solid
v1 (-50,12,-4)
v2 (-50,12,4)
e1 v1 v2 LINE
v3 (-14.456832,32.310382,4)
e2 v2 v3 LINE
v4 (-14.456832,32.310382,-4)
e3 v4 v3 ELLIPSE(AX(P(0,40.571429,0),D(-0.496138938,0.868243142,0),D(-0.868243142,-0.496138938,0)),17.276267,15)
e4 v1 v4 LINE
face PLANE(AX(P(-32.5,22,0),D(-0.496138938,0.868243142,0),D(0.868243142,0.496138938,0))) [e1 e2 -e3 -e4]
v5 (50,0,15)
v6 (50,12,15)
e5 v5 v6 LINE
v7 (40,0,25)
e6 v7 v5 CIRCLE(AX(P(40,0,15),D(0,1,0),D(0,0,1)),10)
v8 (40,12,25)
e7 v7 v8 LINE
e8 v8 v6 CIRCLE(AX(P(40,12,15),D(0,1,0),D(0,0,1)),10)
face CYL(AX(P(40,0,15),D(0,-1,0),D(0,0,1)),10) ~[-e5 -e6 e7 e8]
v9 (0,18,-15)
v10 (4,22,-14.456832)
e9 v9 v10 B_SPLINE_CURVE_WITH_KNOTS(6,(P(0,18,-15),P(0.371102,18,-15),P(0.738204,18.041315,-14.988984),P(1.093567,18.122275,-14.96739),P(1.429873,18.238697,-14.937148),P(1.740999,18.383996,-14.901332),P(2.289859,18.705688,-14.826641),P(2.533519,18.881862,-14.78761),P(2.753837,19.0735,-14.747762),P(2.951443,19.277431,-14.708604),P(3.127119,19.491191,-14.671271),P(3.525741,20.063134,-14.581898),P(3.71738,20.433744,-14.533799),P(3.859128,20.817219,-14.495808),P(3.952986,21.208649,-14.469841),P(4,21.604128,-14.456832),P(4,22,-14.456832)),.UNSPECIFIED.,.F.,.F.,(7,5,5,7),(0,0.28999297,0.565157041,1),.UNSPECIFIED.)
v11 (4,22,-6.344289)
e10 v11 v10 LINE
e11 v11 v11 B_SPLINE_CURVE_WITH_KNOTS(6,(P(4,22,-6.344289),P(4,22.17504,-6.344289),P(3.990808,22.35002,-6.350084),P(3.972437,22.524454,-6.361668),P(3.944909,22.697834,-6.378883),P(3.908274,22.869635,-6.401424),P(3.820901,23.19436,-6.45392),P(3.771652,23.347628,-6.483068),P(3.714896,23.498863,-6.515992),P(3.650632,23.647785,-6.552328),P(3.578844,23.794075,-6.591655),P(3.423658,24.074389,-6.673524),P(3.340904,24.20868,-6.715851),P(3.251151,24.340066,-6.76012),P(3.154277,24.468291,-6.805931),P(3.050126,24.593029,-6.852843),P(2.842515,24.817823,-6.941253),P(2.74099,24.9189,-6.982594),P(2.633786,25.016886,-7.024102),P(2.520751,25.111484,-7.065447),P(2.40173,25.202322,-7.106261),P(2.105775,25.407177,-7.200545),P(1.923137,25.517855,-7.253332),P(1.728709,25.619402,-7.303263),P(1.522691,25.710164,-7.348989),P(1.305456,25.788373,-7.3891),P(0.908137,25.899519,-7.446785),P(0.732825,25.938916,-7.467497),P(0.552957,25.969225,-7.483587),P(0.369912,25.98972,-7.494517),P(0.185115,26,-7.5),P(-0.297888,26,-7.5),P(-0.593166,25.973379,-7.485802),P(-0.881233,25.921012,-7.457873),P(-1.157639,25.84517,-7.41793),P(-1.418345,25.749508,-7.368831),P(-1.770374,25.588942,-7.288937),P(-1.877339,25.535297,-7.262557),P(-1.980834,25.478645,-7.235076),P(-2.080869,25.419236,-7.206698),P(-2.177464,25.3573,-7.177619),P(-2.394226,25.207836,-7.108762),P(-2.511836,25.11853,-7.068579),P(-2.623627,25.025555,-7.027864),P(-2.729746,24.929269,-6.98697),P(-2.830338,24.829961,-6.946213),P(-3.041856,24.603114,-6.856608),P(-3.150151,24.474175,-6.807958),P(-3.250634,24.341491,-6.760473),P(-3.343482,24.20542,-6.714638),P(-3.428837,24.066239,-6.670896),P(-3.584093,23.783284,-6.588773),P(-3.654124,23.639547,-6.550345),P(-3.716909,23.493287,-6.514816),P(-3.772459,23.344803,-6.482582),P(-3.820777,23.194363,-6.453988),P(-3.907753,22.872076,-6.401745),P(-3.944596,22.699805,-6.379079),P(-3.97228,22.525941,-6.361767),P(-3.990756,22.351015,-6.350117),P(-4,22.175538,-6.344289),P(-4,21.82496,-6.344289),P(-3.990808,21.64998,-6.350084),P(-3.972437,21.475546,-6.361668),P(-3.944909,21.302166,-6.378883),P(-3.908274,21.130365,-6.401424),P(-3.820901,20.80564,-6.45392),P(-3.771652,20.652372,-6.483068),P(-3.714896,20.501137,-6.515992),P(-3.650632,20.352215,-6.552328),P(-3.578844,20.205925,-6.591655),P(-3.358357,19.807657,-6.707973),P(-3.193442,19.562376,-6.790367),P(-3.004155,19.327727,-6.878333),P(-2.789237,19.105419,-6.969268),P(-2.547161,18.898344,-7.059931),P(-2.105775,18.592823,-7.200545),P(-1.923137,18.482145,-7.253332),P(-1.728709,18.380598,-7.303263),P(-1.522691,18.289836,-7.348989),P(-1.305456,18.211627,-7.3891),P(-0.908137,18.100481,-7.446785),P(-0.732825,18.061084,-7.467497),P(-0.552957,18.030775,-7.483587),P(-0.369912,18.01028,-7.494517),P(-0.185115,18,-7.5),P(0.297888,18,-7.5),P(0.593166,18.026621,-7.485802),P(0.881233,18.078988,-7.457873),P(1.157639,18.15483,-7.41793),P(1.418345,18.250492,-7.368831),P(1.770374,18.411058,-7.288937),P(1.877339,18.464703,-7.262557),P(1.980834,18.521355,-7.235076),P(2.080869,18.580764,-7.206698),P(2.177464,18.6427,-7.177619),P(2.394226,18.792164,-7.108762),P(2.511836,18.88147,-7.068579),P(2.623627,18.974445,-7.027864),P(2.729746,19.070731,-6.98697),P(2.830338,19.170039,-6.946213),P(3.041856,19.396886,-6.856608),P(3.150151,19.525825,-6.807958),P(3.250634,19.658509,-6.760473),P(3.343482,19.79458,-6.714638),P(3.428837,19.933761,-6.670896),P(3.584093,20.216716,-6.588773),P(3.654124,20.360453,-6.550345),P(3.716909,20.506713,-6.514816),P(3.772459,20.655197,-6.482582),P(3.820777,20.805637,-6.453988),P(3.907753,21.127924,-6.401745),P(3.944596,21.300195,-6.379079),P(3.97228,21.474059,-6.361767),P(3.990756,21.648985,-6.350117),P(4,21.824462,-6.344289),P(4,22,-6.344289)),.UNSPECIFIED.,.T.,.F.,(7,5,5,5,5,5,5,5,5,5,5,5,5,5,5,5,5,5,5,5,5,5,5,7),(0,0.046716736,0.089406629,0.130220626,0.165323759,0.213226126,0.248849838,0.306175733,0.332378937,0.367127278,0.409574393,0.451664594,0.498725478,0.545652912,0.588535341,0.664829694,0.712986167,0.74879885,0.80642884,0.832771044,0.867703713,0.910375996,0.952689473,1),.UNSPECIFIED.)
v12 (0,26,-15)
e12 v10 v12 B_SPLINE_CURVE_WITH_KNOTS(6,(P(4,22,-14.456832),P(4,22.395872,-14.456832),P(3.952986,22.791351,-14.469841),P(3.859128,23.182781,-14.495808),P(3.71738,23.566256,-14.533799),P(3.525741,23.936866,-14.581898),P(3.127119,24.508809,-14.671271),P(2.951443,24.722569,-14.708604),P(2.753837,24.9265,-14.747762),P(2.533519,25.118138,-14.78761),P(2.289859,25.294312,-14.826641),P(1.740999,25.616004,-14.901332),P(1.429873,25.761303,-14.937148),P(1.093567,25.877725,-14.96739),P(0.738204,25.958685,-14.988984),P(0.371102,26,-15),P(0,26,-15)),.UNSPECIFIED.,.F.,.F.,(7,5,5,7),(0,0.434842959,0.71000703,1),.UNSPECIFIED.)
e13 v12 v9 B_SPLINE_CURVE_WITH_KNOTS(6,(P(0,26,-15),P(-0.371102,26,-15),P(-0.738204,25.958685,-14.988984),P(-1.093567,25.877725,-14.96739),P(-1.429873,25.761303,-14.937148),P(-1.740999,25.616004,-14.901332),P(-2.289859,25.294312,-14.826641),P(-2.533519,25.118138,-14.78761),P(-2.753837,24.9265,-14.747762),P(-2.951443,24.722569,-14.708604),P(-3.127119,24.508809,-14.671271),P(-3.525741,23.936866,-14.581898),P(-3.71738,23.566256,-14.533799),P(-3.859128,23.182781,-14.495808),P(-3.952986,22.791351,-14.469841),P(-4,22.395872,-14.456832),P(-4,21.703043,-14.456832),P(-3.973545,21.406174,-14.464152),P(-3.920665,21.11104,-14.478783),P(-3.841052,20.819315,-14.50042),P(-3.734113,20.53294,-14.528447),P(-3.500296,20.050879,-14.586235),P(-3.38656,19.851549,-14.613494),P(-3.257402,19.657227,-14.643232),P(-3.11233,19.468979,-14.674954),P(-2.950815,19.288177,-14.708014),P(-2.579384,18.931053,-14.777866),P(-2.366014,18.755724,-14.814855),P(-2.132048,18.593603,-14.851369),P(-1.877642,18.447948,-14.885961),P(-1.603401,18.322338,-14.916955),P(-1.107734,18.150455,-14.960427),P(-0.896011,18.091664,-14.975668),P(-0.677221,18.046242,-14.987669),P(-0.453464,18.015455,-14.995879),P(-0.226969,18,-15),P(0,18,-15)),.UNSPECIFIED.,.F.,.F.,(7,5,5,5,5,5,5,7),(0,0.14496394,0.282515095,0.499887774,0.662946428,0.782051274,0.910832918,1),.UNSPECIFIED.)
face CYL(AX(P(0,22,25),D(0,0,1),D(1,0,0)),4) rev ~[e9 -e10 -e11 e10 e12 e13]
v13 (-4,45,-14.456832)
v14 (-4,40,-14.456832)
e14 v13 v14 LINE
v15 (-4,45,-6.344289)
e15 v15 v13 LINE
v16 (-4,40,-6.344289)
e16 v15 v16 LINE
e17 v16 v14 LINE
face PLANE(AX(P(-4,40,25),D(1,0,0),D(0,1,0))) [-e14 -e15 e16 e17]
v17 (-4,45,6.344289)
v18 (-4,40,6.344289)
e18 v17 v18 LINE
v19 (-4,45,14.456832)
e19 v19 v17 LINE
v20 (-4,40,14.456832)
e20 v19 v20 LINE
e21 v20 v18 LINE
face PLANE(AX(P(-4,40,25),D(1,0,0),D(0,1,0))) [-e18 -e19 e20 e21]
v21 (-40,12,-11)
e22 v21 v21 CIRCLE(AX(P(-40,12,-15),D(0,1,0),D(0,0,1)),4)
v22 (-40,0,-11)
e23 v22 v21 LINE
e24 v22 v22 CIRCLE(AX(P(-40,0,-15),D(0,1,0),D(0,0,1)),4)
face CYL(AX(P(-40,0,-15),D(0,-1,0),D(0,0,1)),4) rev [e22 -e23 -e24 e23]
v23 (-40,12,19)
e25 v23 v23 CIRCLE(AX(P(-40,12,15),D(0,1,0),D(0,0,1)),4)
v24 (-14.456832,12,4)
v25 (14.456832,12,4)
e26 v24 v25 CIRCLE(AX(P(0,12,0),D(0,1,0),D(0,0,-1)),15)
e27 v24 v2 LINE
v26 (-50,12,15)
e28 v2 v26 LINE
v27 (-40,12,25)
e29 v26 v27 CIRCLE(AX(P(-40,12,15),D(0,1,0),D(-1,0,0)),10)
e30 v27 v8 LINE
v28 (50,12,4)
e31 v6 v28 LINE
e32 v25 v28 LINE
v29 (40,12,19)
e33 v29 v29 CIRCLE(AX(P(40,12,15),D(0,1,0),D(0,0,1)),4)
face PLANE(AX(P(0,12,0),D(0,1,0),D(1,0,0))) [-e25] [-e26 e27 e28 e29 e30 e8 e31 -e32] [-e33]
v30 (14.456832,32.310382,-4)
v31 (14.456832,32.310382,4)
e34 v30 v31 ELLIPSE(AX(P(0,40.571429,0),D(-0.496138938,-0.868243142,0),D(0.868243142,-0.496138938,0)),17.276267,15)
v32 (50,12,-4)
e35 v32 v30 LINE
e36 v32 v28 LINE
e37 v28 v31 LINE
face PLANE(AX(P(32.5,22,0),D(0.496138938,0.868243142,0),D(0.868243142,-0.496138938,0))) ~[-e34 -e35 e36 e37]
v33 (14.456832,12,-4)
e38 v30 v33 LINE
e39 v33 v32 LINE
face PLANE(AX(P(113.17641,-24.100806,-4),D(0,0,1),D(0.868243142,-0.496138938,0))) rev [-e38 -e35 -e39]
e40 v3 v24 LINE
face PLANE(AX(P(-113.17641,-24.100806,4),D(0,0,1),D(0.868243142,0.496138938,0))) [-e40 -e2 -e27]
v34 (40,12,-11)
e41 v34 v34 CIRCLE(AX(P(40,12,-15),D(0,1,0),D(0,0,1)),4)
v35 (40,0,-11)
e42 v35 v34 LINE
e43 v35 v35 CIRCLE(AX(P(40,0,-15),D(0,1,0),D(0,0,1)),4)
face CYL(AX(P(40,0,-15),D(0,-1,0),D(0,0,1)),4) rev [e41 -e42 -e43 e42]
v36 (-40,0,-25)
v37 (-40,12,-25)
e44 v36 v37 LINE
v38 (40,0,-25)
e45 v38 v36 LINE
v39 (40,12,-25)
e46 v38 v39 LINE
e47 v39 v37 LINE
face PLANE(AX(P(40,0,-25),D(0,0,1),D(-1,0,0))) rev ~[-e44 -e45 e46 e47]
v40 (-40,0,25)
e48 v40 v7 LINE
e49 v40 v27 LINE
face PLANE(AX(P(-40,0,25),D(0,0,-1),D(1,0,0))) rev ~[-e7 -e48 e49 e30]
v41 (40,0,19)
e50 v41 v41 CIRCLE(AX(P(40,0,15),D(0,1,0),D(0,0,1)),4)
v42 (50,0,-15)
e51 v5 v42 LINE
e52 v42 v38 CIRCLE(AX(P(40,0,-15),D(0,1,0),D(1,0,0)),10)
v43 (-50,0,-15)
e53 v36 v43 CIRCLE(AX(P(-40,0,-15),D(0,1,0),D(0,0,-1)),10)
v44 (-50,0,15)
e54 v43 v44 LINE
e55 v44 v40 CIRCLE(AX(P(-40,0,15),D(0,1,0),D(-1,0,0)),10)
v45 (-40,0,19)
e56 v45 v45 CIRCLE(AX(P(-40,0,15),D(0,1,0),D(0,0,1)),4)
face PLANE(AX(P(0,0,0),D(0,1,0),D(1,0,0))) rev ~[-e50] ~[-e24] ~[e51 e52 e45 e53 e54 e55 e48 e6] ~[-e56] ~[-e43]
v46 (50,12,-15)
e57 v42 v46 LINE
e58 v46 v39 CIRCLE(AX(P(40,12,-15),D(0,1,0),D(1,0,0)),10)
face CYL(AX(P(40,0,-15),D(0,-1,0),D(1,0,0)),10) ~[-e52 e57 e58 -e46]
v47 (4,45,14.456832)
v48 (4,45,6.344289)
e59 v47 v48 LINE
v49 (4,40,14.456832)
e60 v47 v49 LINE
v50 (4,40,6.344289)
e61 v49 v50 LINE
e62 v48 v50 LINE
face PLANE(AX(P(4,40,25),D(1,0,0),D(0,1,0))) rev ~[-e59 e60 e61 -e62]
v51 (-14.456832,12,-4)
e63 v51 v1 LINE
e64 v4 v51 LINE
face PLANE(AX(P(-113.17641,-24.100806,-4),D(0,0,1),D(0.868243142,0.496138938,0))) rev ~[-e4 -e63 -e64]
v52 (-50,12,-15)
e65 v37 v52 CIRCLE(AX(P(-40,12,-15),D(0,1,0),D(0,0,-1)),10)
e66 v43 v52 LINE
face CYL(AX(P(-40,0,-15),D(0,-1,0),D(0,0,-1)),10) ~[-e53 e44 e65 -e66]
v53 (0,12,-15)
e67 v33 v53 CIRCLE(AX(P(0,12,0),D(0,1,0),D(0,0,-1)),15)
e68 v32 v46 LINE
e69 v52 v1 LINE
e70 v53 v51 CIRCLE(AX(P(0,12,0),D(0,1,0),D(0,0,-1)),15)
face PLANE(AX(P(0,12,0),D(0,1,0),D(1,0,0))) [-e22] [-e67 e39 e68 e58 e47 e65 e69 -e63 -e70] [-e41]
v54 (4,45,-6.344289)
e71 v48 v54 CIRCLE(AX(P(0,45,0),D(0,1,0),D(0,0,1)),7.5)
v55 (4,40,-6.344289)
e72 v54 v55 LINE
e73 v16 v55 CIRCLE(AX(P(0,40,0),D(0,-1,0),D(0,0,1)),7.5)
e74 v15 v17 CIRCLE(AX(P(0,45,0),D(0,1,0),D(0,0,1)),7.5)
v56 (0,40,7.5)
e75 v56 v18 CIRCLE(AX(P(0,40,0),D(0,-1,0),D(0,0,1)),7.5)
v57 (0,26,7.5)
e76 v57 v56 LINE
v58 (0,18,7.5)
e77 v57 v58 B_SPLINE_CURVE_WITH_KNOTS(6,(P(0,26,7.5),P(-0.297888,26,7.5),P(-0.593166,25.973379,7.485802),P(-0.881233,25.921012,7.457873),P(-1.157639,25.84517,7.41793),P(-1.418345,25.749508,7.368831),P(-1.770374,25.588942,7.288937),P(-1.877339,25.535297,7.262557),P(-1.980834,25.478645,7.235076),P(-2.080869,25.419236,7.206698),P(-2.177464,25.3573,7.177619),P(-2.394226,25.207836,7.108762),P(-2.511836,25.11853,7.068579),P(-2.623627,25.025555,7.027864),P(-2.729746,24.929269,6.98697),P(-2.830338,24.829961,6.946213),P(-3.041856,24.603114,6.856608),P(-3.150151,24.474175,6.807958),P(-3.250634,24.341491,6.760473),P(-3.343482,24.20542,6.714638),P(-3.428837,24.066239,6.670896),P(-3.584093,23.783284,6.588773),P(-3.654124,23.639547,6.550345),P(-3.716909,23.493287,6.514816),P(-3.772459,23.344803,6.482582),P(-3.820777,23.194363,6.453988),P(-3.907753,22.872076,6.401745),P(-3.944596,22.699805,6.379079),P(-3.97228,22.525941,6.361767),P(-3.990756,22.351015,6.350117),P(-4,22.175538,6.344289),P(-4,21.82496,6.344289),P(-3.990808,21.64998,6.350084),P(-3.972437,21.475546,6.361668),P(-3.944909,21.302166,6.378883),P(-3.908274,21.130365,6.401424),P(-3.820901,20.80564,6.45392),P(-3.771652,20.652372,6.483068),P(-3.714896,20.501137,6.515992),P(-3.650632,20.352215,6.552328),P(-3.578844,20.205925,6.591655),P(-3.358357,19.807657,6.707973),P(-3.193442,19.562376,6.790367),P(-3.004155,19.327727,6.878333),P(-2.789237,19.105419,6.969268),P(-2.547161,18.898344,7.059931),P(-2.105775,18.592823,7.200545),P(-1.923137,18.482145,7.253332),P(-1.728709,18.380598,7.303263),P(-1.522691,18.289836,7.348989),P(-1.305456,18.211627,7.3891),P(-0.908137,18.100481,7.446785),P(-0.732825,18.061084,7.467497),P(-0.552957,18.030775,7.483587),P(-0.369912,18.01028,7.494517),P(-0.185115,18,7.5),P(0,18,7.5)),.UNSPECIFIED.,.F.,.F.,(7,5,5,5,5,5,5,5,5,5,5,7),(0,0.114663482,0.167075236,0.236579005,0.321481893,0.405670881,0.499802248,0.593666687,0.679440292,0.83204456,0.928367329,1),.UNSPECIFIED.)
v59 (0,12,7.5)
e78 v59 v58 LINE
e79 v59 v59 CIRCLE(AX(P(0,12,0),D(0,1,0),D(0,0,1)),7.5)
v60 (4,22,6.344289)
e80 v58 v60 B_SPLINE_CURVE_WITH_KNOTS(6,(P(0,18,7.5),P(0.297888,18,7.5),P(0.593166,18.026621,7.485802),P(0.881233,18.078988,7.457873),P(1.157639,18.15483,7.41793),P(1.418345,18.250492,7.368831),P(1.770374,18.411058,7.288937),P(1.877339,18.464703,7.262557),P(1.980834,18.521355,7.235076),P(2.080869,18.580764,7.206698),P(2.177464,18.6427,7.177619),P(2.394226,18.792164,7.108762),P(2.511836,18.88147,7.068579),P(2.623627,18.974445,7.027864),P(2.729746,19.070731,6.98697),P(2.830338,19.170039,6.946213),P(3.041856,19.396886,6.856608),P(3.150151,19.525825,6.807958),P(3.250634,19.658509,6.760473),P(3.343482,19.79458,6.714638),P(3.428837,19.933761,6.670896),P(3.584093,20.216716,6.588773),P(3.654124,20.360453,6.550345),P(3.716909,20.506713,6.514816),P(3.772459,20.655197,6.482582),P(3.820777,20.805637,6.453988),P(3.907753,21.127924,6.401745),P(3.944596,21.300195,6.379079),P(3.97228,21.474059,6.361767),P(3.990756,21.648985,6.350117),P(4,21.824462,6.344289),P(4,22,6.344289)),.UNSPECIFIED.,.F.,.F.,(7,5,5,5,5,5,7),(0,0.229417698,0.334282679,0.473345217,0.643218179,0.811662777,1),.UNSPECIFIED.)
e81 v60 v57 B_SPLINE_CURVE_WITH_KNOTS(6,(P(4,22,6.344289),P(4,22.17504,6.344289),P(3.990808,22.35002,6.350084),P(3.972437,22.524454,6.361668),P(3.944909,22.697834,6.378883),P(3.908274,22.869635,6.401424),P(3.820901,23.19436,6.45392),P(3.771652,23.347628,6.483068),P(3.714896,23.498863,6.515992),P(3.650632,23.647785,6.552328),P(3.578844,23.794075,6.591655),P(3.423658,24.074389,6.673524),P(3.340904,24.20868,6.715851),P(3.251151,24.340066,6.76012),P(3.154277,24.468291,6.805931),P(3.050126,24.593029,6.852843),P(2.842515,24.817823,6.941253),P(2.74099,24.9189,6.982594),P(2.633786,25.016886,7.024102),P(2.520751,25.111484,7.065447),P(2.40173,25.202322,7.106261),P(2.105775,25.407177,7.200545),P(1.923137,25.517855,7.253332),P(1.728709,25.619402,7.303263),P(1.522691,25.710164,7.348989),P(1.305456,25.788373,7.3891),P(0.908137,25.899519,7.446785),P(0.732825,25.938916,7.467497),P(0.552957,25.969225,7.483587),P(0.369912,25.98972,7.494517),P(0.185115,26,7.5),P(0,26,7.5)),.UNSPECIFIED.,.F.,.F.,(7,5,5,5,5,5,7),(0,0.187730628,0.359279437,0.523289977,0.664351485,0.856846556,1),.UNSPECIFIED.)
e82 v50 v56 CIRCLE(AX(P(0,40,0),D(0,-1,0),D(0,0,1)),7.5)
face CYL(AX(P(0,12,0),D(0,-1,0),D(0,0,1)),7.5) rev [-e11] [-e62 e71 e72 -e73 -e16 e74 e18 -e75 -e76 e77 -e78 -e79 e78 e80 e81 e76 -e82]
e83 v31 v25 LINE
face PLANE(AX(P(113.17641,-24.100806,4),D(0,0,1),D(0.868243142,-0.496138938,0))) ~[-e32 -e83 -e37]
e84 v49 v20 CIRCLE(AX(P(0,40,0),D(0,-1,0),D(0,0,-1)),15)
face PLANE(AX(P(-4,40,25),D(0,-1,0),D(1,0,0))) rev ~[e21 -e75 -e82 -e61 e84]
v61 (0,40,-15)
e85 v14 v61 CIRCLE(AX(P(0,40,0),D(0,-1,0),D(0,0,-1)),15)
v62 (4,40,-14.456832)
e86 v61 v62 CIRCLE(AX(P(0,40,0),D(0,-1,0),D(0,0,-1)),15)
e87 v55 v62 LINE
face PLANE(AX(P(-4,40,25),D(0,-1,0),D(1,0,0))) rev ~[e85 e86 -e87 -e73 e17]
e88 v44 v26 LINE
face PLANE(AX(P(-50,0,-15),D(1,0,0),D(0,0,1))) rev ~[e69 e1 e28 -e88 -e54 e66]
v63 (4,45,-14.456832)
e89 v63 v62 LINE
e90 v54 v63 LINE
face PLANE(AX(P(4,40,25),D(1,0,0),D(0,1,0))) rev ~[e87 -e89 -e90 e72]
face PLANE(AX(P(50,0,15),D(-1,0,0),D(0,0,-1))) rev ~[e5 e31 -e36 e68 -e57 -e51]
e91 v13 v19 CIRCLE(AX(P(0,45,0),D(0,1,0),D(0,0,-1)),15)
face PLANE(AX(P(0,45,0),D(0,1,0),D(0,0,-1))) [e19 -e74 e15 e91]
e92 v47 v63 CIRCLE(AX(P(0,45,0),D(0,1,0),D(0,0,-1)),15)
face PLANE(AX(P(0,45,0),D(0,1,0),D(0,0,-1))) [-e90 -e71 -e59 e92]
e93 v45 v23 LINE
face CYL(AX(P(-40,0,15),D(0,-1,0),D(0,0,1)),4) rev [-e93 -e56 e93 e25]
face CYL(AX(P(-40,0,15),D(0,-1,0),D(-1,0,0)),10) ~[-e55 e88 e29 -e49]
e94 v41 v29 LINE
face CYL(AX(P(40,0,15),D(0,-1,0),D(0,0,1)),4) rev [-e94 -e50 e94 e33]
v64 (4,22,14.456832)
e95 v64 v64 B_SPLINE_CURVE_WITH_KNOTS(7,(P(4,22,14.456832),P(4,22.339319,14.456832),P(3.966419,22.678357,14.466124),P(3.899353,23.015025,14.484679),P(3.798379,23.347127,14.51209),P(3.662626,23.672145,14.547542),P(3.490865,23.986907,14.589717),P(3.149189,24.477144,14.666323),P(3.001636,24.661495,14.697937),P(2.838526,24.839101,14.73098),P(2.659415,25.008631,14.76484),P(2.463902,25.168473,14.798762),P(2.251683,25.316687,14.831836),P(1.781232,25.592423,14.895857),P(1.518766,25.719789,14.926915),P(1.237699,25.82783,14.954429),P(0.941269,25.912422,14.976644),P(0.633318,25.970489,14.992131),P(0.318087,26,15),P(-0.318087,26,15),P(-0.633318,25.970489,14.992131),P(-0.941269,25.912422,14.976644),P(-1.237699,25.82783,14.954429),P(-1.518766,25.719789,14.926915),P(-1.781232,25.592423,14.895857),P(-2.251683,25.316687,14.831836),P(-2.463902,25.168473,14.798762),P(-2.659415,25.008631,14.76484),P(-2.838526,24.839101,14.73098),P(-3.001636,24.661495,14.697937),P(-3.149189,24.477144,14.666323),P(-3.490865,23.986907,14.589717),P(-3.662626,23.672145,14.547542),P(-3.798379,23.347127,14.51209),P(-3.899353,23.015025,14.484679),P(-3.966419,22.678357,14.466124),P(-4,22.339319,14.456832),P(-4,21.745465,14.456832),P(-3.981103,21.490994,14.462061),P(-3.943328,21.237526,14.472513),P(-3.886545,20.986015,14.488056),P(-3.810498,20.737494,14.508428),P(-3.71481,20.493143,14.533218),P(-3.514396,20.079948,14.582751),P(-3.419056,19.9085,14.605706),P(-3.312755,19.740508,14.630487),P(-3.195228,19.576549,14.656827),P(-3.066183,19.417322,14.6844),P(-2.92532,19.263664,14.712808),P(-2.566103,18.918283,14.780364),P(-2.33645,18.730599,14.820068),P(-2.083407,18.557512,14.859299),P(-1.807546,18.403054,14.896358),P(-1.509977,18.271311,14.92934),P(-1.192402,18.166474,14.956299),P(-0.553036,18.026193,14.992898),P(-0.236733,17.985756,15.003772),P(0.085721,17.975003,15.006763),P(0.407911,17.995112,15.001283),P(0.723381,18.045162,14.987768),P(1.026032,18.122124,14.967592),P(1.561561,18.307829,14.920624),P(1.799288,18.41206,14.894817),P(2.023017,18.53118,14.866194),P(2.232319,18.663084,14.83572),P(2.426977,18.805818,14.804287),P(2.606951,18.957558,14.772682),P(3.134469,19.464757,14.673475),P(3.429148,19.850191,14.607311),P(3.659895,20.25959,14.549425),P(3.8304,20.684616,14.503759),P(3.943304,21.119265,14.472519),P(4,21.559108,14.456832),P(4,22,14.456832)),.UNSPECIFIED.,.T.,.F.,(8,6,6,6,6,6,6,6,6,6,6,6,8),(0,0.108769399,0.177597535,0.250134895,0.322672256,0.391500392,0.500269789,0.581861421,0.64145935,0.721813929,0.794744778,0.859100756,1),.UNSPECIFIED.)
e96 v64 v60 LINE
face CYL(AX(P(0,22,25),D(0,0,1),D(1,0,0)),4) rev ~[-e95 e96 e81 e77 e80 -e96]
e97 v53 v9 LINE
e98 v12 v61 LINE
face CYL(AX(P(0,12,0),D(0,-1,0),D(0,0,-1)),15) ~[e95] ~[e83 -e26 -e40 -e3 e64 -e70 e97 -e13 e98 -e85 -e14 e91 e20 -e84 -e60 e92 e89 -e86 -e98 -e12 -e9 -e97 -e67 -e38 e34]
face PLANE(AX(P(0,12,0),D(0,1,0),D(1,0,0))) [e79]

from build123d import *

# Parameters (mm, degrees)
SKETCH_1_R          = 4
EXTRUDE_1_DEPTH     = 12
SKETCH_2_R          = 15
SKETCH_2_R_2        = 7.5
EXTRUDE_2_DEPTH     = 33
SKETCH_3_R          = 4
SKETCH_3_W          = 8
SKETCH_3_H          = 5
CUT_EXTRUDE_1_DEPTH = 84.815273071
RIB_1_REACH         = 73.764
SKETCH_4_WALL_W     = 185.83828981
SKETCH_4_WALL_H     = 8


with BuildPart() as part:
    # 草图1 → 凸台-拉伸1 (new body)
    with BuildSketch(Plane(origin=(0, 0, 0), x_dir=(1, 0, 0), z_dir=(0, 1, 0))):
        with BuildLine():
            Line((-40, -25), (40, -25))
            ThreePointArc((40, -25), (47.071067812, -22.071067812), (50, -15))
            Line((50, -15), (50, 15))
            ThreePointArc((50, 15), (47.071067812, 22.071067812), (40, 25))
            Line((40, 25), (-40, 25))
            ThreePointArc((-40, 25), (-47.071067812, 22.071067812), (-50, 15))
            Line((-50, 15), (-50, -15))
            ThreePointArc((-50, -15), (-47.071067812, -22.071067812), (-40, -25))
        make_face()
        with Locations(Location((-40, 15, 0), (0, 0, 270))):
            Circle(SKETCH_1_R, mode=Mode.SUBTRACT)
        with Locations(Location((-40, -15, 0), (0, 0, 270))):
            Circle(SKETCH_1_R, mode=Mode.SUBTRACT)
        with Locations(Location((40, -15, 0), (0, 0, 270))):
            Circle(SKETCH_1_R, mode=Mode.SUBTRACT)
        with Locations(Location((40, 15, 0), (0, 0, 270))):
            Circle(SKETCH_1_R, mode=Mode.SUBTRACT)
    extrude(amount=EXTRUDE_1_DEPTH)

    # 草图2 → 凸台-拉伸2 (add)
    with BuildSketch(Plane(origin=(0, 12, 0), x_dir=(1, 0, 0), z_dir=(0, 1, 0))):
        with Locations(Location((0, 0, 0), (0, 0, 90))):
            Circle(SKETCH_2_R)
        with Locations(Location((0, 0, 0), (0, 0, 270))):
            Circle(SKETCH_2_R_2, mode=Mode.SUBTRACT)
    extrude(amount=EXTRUDE_2_DEPTH)

    # 草图3 → 切除-拉伸1 (cut, through all)
    with BuildSketch(Plane.XY.offset(25)):
        with Locations((0, 22)):
            Circle(SKETCH_3_R)
        with Locations((0, 42.5)):
            Rectangle(SKETCH_3_W, SKETCH_3_H)
    extrude(amount=-CUT_EXTRUDE_1_DEPTH, mode=Mode.SUBTRACT)

    # 草图4 wall → 筋1 (add, up to next)
    with BuildSketch(Plane(origin=(-32.5, 22, 0), x_dir=(0.868243142124, 0.496138938357, 0), z_dir=(-0.496138938357, 0.868243142124, 0)), mode=Mode.PRIVATE) as rib_1_sk1:
        Rectangle(SKETCH_4_WALL_W, SKETCH_4_WALL_H)
    rib_1_tool1 = extrude(rib_1_sk1.sketch, amount=-RIB_1_REACH, mode=Mode.PRIVATE) - part.part
    rib_1 = rib_1_tool1.solids().sort_by_distance((-32.5, 22, 0))[0]
    add(rib_1)

    # 镜向1: 筋1 across plane
    add(rib_1.mirror(Plane(origin=(0, 0, 0), x_dir=(0, 0, 1), z_dir=(1, 0, 0))))


solid = part.part
